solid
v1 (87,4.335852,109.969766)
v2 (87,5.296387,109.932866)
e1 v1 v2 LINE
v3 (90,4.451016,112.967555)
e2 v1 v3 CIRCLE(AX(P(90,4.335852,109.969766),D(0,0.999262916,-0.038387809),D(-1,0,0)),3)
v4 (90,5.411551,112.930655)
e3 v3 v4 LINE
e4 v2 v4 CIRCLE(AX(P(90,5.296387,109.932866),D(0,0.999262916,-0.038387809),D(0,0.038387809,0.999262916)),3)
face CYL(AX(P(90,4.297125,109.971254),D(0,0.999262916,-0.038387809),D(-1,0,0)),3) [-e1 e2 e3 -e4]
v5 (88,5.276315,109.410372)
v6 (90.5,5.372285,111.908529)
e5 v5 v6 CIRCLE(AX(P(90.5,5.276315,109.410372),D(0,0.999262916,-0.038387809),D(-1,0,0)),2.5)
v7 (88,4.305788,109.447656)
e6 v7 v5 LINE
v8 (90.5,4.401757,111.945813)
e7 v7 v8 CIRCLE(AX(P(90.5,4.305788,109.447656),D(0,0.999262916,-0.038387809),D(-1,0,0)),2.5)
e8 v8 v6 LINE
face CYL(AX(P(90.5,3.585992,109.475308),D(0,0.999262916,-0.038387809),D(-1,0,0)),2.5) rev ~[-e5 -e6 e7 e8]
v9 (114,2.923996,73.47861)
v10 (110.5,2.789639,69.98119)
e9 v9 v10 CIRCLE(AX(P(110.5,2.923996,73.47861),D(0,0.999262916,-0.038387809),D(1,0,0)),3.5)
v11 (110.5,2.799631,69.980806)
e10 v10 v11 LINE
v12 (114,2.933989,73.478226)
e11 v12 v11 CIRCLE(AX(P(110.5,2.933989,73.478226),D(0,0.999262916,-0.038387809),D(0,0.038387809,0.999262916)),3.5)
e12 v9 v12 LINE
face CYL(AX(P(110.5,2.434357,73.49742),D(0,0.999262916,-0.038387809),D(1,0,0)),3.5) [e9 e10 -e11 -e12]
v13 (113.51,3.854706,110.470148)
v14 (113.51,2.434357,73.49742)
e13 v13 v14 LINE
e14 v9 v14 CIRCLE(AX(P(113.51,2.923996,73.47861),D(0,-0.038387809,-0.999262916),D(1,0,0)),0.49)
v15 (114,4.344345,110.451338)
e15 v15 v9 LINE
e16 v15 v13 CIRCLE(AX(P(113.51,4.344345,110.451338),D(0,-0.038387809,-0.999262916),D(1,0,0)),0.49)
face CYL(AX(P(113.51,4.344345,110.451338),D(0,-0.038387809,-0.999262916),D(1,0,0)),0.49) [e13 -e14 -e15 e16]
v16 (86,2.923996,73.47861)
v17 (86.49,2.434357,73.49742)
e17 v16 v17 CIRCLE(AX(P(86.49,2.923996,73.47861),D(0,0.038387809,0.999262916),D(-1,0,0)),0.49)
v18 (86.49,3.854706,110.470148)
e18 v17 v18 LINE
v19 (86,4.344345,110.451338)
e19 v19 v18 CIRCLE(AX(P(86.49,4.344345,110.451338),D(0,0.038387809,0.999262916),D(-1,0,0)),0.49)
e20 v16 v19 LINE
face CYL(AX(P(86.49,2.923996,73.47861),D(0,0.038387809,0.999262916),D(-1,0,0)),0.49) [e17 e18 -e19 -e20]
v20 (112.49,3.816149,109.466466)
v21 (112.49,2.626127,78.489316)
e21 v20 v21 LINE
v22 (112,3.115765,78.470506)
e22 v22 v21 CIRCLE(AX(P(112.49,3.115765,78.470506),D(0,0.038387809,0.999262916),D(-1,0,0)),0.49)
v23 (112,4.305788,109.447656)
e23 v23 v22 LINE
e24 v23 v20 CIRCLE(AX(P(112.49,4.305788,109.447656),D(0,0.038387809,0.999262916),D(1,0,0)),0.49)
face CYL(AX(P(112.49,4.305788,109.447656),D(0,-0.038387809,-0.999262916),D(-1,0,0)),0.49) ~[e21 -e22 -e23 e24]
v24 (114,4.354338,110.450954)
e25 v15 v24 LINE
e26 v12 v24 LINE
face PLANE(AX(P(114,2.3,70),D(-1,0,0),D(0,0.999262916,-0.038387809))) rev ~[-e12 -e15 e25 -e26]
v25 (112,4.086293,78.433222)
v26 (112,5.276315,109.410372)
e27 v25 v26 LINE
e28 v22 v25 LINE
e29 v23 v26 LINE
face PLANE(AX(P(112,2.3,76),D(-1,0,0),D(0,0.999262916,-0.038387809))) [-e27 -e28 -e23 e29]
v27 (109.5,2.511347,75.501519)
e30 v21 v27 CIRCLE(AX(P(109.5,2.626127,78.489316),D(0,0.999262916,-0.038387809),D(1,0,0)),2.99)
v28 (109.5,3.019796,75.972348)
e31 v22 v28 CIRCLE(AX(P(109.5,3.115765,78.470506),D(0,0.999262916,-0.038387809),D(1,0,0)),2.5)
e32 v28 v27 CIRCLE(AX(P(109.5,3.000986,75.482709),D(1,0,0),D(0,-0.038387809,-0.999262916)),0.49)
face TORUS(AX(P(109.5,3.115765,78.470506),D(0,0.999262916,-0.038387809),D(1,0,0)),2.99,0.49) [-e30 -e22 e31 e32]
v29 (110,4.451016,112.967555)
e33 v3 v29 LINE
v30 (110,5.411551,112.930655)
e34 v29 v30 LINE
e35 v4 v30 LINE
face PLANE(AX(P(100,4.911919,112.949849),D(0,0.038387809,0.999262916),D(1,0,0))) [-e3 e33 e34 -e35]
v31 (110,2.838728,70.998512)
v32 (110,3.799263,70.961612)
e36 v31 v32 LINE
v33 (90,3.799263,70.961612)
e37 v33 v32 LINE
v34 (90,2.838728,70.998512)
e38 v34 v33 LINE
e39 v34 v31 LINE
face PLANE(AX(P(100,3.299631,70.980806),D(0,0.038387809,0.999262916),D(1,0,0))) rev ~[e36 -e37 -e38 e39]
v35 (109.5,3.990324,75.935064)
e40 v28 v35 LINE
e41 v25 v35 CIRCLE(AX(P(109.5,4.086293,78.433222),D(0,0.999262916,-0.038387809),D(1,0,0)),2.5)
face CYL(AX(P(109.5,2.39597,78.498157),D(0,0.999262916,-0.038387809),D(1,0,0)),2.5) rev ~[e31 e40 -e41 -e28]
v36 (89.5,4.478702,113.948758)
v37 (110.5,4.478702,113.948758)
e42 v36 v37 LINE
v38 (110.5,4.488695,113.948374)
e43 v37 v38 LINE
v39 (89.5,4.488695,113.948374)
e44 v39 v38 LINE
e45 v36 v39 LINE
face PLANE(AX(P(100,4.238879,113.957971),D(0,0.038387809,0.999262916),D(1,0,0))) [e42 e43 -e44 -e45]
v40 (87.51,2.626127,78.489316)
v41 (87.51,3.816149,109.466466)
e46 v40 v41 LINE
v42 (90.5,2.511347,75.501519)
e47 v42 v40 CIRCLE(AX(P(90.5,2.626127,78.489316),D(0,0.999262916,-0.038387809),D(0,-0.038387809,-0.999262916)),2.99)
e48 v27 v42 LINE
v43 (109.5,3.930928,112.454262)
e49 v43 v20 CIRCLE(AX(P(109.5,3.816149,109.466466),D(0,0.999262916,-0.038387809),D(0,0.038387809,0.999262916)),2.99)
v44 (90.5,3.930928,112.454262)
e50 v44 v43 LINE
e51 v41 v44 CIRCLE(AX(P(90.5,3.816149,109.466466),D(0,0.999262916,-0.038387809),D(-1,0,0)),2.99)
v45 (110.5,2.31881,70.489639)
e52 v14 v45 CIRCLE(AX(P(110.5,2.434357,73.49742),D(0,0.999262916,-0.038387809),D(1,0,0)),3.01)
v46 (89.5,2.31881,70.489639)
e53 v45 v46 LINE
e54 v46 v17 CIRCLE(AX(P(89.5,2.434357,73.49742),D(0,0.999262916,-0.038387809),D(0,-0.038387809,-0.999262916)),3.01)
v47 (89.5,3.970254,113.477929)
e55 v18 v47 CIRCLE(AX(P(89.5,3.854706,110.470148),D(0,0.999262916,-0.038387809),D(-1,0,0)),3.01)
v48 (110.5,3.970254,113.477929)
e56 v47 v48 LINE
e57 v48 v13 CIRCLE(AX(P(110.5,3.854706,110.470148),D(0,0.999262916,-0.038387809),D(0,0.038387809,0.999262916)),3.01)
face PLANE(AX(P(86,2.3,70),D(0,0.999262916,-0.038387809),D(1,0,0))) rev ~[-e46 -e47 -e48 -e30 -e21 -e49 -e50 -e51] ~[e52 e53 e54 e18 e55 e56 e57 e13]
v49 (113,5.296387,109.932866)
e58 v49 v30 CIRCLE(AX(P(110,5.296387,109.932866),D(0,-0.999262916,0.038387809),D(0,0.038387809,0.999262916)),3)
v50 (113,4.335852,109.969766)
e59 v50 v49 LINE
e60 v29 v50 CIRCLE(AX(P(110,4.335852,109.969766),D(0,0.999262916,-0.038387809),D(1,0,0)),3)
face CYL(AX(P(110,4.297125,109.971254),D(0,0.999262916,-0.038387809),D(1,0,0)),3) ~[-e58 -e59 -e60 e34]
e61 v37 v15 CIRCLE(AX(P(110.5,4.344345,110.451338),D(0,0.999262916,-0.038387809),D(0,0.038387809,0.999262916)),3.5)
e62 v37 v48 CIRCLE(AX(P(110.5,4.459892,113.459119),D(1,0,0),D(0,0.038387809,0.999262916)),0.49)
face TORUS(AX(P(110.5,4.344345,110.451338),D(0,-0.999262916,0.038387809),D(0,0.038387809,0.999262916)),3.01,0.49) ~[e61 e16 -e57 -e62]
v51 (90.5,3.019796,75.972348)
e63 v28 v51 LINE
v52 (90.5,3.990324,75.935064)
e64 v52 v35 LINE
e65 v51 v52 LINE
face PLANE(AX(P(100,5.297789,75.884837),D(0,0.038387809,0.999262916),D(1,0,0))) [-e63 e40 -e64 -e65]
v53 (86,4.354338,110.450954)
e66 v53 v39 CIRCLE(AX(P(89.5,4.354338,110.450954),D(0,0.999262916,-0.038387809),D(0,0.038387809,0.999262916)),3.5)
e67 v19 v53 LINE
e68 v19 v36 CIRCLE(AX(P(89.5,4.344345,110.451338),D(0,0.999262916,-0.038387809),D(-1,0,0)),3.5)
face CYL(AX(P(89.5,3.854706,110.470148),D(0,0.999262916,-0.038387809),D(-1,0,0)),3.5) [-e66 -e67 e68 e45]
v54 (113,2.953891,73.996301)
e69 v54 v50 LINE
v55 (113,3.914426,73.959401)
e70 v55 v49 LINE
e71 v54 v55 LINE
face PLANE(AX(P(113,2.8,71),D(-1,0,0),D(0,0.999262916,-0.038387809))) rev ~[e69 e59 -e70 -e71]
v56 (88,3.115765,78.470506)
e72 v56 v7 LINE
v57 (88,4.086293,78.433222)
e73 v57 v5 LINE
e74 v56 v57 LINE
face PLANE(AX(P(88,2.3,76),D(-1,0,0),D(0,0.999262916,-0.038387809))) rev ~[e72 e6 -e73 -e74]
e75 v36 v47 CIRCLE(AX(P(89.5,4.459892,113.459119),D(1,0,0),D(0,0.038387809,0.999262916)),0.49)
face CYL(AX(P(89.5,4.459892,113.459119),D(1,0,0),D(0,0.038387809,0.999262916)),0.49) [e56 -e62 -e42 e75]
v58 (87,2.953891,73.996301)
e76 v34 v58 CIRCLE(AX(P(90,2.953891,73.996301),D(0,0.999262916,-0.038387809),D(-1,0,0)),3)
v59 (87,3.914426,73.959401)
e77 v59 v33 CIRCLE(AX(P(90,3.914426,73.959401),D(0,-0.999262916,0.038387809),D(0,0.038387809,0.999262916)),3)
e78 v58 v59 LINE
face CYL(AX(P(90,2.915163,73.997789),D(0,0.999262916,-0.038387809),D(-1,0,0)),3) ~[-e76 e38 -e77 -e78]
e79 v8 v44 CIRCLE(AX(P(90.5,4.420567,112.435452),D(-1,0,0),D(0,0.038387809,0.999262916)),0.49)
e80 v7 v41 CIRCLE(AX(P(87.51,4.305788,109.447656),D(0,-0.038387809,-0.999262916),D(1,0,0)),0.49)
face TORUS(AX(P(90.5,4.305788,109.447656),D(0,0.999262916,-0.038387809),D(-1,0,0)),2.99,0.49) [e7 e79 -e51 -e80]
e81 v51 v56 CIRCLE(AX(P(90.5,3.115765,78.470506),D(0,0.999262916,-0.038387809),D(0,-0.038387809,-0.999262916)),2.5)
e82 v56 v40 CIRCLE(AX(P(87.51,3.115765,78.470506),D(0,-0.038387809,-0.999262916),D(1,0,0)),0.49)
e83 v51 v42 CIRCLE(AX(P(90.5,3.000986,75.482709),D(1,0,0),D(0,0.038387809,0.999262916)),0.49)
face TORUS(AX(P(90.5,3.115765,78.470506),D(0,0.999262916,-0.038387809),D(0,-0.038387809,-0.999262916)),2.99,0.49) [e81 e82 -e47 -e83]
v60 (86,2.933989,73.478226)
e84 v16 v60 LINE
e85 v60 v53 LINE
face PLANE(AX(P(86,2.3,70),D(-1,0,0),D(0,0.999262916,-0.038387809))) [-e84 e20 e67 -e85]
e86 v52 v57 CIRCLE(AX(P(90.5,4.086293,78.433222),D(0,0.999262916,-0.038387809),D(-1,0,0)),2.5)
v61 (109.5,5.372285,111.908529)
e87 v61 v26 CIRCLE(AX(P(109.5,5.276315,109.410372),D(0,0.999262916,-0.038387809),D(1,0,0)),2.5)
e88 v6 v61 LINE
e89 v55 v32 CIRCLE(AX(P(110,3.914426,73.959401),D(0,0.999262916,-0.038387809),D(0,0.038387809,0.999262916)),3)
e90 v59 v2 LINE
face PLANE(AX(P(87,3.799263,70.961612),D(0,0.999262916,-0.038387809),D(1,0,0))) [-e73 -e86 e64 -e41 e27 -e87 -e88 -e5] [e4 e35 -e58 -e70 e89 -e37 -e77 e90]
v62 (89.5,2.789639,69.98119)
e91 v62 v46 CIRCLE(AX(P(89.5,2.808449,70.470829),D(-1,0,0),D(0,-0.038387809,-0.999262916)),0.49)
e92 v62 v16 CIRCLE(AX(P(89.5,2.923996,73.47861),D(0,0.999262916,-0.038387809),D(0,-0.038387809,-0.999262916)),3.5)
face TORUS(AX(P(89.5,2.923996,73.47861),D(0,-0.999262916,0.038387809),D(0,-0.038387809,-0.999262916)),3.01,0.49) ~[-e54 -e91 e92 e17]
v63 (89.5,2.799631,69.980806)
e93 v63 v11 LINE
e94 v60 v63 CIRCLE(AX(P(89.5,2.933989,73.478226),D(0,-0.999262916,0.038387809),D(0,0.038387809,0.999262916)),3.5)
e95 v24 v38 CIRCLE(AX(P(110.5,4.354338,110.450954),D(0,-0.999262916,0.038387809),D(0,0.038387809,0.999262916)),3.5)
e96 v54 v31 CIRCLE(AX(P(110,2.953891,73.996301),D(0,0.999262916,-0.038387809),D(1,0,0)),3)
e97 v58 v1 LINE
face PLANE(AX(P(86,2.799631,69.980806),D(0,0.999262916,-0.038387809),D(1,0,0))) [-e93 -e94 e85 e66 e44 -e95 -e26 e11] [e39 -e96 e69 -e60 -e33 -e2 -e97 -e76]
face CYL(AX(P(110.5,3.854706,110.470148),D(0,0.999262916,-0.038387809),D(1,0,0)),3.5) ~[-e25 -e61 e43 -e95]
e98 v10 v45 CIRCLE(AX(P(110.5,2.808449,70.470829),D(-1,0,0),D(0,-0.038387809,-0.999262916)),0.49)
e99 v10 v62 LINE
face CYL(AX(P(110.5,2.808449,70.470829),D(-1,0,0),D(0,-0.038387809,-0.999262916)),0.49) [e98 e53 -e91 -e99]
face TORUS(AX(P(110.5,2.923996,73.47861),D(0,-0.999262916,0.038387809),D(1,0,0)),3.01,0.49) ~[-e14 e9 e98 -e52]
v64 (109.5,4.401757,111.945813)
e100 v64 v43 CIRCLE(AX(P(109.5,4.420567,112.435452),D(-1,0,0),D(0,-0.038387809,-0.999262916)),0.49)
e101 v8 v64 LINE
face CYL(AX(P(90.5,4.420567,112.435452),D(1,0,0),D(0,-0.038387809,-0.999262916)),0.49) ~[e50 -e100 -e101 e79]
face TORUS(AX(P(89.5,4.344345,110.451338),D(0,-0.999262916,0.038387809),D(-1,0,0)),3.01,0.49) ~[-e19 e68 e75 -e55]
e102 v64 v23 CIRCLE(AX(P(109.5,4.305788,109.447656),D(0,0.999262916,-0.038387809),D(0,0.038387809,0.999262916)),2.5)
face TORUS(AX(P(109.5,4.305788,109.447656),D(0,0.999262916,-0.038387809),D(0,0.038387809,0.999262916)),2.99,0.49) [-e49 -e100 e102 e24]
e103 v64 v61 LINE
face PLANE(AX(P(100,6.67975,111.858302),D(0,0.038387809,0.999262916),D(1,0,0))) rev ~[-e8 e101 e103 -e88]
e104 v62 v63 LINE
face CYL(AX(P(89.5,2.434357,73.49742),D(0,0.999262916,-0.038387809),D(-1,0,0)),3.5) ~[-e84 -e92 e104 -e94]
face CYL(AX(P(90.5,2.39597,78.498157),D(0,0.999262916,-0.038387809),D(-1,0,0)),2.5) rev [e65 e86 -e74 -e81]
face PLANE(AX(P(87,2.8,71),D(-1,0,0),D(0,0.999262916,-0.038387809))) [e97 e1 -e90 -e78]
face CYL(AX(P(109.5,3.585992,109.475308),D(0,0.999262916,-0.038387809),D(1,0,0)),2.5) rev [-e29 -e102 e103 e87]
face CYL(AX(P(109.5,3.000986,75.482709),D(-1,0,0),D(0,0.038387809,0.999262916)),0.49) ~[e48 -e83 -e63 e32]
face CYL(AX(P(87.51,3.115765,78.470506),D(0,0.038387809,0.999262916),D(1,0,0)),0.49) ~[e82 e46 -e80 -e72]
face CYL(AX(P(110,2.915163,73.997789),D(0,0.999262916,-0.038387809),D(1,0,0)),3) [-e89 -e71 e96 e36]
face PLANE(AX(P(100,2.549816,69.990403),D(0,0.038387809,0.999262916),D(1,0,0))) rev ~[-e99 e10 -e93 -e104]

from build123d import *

# Parameters (mm, degrees)
BOX027_W          = 24
BOX027_H          = 6
BOX027_DEPTH      = 36
BOX027_ROLL_ANGLE = -2.2
FILLET029_R       = 2.5
BOX028_W          = 26
BOX028_H          = 1
BOX028_DEPTH      = 42
BOX028_ROLL_ANGLE = -2.2
FILLET030_R       = 3
BOX026_W          = 28
BOX026_H          = 0.5
BOX026_DEPTH      = 44
BOX026_ROLL_ANGLE = -2.2
FILLET028_R       = 3.5
FILLET031_R       = 0.49


with BuildPart() as fillet029:
    # Box027 → Box027 (new body)
    with BuildSketch(Plane.XY):
        with Locations((12, 3)):
            Rectangle(BOX027_W, BOX027_H)
    extrude(amount=BOX027_DEPTH)


with BuildPart() as fillet029_1:
    # Box027 roll: moved
    add(fillet029.part.rotate(Axis((0, 0, 0), (1, 0, 0)), BOX027_ROLL_ANGLE))


with BuildPart() as fillet029_2:
    # Box027 placement: moved
    add(fillet029_1.part.moved(Location((89, 4.3, 74))))

    # Fillet029
    fillet029_edges = [fillet029_2.edges().sort_by_distance(p)[0] for p in [
        (89, 8.67975, 109.858302),
        (89, 7.297789, 73.884837),
        (113, 8.67975, 109.858302),
        (113, 7.297789, 73.884837),
    ]]
    fillet(fillet029_edges, radius=FILLET029_R)


with BuildPart() as fillet029_3:
    # Fillet029 placement: moved
    add(fillet029_2.part.moved(Location((-1, -2, 2))))


with BuildPart() as fillet030:
    # Box028 → Box028 (new body)
    with BuildSketch(Plane.XY):
        with Locations((13, 0.5)):
            Rectangle(BOX028_W, BOX028_H)
    extrude(amount=BOX028_DEPTH)


with BuildPart() as fillet030_1:
    # Box028 roll: moved
    add(fillet030.part.rotate(Axis((0, 0, 0), (1, 0, 0)), BOX028_ROLL_ANGLE))


with BuildPart() as fillet030_2:
    # Box028 placement: moved
    add(fillet030_1.part.moved(Location((90, 4.3, 71))))

    # Fillet030
    fillet030_edges = [fillet030_2.edges().sort_by_distance(p)[0] for p in [
        (90, 6.411919, 112.949849),
        (90, 4.799631, 70.980806),
        (116, 6.411919, 112.949849),
        (116, 4.799631, 70.980806),
    ]]
    fillet(fillet030_edges, radius=FILLET030_R)


with BuildPart() as fillet030_3:
    # Fillet030 placement: moved
    add(fillet030_2.part.moved(Location((-3, -1.5, 0))))


with BuildPart() as fillet031:
    # Box026 → Box026 (new body)
    with BuildSketch(Plane.XY):
        with Locations((14, 0.25)):
            Rectangle(BOX026_W, BOX026_H)
    extrude(amount=BOX026_DEPTH)


with BuildPart() as fillet031_1:
    # Box026 roll: moved
    add(fillet031.part.rotate(Axis((0, 0, 0), (1, 0, 0)), BOX026_ROLL_ANGLE))


with BuildPart() as fillet031_2:
    # Box026 placement: moved
    add(fillet031_1.part.moved(Location((89, 4.3, 70))))

    # Fillet028
    fillet028_edges = [fillet031_2.edges().sort_by_distance(p)[0] for p in [
        (89, 6.238879, 113.957971),
        (89, 4.549816, 69.990403),
        (117, 6.238879, 113.957971),
        (117, 4.549816, 69.990403),
    ]]
    fillet(fillet028_edges, radius=FILLET028_R)


with BuildPart() as fillet031_3:
    # Fillet028 placement: moved
    add(fillet031_2.part.moved(Location((-3, -2, 0))))

    # Fusion003: union Fillet030
    add(fillet030_3.part)

    # Cut018: cut Fillet029
    add(fillet029_3.part, mode=Mode.SUBTRACT)

    # Fillet031
    fillet031_edges = [fillet031_3.edges().sort_by_distance(p)[0] for p in [
        (86, 3.144532, 91.983784),
        (88, 3.221138, 93.977891),
    ]]
    fillet(fillet031_edges, radius=FILLET031_R)


solid = fillet031_3.part
